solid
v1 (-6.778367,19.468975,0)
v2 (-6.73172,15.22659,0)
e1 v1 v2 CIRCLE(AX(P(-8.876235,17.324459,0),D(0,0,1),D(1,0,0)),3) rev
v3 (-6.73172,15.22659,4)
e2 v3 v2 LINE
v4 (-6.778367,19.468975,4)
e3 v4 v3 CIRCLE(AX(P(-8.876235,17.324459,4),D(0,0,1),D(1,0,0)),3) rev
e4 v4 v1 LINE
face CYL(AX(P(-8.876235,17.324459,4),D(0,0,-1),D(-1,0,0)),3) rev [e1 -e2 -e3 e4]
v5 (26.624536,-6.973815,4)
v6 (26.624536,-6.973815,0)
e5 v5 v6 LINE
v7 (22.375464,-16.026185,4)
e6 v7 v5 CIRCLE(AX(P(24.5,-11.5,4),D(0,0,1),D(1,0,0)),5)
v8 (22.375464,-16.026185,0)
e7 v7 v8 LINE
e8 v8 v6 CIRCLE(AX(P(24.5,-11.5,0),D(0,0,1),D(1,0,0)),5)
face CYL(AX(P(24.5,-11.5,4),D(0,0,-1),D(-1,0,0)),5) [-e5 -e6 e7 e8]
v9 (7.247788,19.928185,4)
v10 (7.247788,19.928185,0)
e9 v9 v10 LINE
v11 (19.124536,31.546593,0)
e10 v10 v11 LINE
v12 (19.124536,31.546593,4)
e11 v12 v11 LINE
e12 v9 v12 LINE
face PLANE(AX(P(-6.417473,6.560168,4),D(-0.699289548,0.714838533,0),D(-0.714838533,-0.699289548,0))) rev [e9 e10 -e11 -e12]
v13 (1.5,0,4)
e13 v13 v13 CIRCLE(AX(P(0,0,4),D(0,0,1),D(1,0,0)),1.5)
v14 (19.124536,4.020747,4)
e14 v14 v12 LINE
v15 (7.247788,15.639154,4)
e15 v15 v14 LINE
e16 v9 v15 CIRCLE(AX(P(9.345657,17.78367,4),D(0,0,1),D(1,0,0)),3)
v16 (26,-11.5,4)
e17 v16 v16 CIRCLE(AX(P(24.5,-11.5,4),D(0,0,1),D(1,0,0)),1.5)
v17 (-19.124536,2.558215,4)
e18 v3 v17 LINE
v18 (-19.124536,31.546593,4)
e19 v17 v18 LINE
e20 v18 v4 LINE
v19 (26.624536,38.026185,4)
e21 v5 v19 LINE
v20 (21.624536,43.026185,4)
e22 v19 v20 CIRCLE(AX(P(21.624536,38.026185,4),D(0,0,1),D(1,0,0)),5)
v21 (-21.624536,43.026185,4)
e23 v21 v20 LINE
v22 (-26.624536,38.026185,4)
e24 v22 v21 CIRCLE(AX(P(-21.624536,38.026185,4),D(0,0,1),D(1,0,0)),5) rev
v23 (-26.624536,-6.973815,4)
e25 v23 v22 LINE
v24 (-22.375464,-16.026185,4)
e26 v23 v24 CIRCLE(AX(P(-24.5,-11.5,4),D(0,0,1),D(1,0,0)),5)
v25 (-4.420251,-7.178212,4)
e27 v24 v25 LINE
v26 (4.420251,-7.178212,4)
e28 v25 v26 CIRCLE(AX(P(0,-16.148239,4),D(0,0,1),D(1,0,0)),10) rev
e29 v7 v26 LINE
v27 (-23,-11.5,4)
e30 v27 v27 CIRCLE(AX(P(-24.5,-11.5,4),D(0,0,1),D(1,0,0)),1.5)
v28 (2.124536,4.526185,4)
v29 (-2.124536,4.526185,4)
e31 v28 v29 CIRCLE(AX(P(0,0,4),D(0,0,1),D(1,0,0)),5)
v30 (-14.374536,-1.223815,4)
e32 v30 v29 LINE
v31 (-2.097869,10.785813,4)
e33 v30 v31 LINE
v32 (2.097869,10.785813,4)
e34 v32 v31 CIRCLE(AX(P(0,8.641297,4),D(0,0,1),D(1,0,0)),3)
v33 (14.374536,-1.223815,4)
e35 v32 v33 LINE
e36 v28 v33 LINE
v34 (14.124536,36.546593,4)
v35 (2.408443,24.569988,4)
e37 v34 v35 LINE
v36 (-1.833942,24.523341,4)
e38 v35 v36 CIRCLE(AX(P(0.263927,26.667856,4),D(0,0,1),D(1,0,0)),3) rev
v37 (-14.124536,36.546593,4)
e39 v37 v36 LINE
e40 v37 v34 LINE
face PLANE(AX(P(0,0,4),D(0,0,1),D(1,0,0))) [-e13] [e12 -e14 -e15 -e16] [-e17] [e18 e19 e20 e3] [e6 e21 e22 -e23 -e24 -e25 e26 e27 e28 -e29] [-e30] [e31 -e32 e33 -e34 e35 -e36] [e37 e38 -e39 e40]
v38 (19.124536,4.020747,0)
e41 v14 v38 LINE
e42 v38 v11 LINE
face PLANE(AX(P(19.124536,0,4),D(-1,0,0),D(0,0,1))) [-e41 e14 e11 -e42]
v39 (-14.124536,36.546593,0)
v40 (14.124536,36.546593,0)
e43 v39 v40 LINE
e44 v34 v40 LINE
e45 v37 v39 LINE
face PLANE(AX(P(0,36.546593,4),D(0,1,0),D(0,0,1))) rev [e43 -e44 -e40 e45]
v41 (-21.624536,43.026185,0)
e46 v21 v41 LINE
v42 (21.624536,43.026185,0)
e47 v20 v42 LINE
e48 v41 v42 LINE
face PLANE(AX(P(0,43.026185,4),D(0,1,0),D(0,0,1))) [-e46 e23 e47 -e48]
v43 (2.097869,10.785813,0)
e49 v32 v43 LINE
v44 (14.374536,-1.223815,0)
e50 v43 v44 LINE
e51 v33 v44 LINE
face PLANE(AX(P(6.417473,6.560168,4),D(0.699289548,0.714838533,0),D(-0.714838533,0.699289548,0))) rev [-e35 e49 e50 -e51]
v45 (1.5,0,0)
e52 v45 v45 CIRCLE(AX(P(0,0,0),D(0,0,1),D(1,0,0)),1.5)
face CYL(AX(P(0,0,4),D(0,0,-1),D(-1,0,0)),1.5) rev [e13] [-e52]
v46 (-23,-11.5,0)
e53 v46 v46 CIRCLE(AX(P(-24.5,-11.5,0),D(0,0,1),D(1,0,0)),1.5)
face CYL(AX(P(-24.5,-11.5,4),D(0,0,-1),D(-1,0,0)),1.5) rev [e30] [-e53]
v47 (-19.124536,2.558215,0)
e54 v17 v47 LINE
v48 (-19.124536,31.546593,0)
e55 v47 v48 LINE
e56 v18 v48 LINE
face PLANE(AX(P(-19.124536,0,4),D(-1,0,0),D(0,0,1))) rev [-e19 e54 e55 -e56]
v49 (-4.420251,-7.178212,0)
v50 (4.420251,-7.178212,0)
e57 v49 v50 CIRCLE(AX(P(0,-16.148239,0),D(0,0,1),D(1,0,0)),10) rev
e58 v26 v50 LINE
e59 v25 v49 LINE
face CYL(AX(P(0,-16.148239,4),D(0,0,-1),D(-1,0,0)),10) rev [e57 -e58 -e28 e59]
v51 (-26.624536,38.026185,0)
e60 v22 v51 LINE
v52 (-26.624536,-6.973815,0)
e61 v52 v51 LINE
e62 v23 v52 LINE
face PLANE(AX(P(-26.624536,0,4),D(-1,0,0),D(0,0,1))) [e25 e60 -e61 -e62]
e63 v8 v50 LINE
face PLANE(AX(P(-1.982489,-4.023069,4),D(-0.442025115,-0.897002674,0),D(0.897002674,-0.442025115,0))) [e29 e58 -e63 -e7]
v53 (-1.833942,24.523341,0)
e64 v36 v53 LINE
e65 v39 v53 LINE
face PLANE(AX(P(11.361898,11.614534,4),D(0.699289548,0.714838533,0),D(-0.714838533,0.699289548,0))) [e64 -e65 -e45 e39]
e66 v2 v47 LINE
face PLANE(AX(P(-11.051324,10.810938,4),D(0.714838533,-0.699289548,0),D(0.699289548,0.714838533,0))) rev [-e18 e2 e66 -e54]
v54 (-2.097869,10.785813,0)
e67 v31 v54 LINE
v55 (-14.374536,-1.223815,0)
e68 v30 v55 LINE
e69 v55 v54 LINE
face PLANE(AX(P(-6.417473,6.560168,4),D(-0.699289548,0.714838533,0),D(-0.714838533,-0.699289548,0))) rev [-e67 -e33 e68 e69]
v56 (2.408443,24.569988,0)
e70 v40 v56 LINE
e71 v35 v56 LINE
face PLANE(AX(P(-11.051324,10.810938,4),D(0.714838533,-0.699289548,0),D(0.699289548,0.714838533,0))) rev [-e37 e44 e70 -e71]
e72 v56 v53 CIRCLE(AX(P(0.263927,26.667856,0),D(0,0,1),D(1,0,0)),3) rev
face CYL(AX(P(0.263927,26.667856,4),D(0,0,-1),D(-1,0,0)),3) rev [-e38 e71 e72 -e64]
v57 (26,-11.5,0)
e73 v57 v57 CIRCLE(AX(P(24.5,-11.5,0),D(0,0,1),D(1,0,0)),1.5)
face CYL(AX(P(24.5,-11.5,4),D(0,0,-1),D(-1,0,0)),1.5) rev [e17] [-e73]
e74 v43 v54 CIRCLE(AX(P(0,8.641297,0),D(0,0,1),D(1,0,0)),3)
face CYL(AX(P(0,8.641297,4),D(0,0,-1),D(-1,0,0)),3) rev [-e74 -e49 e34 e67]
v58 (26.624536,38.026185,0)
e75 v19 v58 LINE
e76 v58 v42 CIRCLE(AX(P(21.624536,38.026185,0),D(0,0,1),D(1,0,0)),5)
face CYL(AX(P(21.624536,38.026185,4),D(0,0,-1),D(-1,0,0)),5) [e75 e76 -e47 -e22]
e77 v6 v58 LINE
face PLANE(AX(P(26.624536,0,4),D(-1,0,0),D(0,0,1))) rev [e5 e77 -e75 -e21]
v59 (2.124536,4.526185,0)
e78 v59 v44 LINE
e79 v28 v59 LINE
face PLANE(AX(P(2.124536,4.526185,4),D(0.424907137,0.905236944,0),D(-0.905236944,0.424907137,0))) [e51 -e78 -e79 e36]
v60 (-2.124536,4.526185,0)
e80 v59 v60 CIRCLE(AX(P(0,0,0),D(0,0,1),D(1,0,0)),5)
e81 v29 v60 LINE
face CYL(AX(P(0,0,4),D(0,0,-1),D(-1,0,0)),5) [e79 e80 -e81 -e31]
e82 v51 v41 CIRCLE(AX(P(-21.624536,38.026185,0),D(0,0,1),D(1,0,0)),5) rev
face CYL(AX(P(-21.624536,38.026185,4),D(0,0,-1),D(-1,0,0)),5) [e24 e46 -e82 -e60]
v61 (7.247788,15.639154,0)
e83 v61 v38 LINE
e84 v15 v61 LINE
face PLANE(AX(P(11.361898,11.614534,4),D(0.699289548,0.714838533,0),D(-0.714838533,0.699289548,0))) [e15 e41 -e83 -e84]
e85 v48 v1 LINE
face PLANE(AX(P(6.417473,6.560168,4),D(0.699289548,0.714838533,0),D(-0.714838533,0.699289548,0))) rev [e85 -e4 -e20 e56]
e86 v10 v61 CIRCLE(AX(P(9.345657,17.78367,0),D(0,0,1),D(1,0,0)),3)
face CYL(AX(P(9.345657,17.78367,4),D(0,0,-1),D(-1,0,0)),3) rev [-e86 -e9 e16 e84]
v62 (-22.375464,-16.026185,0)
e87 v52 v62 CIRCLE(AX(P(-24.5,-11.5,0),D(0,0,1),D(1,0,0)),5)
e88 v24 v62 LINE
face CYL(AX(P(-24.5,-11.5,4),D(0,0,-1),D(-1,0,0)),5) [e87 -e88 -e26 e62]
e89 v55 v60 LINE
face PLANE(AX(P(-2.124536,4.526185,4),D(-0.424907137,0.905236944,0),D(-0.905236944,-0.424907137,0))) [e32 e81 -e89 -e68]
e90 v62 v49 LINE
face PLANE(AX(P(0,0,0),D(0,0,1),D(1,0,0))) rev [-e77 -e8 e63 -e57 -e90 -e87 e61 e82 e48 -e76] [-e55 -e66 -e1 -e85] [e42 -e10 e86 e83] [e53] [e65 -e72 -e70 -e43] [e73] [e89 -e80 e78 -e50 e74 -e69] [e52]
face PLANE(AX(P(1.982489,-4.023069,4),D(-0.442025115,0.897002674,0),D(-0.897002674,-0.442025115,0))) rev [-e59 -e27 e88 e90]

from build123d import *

# Parameters (mm, degrees)
SKETCH1_R           = 1.5
BOSS_EXTRUDE1_DEPTH = 4


with BuildPart() as part:
    # Sketch1 → Boss-Extrude1 (new body)
    with BuildSketch(Plane.XY):
        with BuildLine():
            ThreePointArc((-26.624535685, -6.97381528), (-29.02618472, -13.624535685), (-22.375464315, -16.02618472))
            Line((-22.375464315, -16.02618472), (-22.205082013, -15.942223704))
            Line((-22.205082013, -15.942223704), (-4.420251148, -7.178212035))
            ThreePointArc((-4.420251148, -7.178212035), (0, -6.148238779), (4.420251148, -7.178212035))
            Line((4.420251148, -7.178212035), (22.205082013, -15.942223704))
            Line((22.205082013, -15.942223704), (22.375464315, -16.02618472))
            ThreePointArc((22.375464315, -16.02618472), (29.02618472, -13.624535685), (26.624535685, -6.97381528))
            Line((26.624535685, -6.97381528), (26.624535685, 38.02618472))
            ThreePointArc((26.624535685, 38.02618472), (25.160069591, 41.561718626), (21.624535685, 43.02618472))
            Line((21.624535685, 43.02618472), (-21.624535685, 43.02618472))
            ThreePointArc((-21.624535685, 43.02618472), (-25.160069591, 41.561718626), (-26.624535685, 38.02618472))
            Line((-26.624535685, 38.02618472), (-26.624535685, -6.97381528))
        make_face()
        with Locations((-24.5, -11.5)):
            Circle(SKETCH1_R, mode=Mode.SUBTRACT)
        with Locations((24.5, -11.5)):
            Circle(SKETCH1_R, mode=Mode.SUBTRACT)
        Circle(SKETCH1_R, mode=Mode.SUBTRACT)
        with BuildLine():
            Line((14.374535685, -1.22381528), (2.124535685, 4.52618472))
            ThreePointArc((2.124535685, 4.52618472), (0, 5), (-2.124535685, 4.52618472))
            Line((-2.124535685, 4.52618472), (-14.374535685, -1.22381528))
            Line((-14.374535685, -1.22381528), (-2.097868645, 10.785812849))
            ThreePointArc((-2.097868645, 10.785812849), (0, 11.641297251), (2.097868645, 10.785812849))
            Line((2.097868645, 10.785812849), (14.374535685, -1.22381528))
        make_face(mode=Mode.SUBTRACT)
        with BuildLine():
            Line((-6.73171968, 15.226590291), (-19.124535685, 2.558215038))
            Line((-19.124535685, 2.558215038), (-19.124535685, 31.546592884))
            Line((-19.124535685, 31.546592884), (-6.778366633, 19.468974534))
            ThreePointArc((-6.778366633, 19.468974534), (-5.876416612, 17.357443313), (-6.73171968, 15.226590291))
        make_face(mode=Mode.SUBTRACT)
        with BuildLine():
            Line((19.124535685, 31.546592884), (19.124535685, 4.020746784))
            Line((19.124535685, 4.020746784), (7.24778827, 15.639154236))
            ThreePointArc((7.24778827, 15.639154236), (6.345656915, 17.783669834), (7.24778827, 19.928185432))
            Line((7.24778827, 19.928185432), (19.124535685, 31.546592884))
        make_face(mode=Mode.SUBTRACT)
        with BuildLine():
            Line((-1.833941699, 24.523340745), (-14.124535685, 36.546592884))
            Line((-14.124535685, 36.546592884), (14.124535685, 36.546592884))
            Line((14.124535685, 36.546592884), (2.408442543, 24.569987698))
            ThreePointArc((2.408442543, 24.569987698), (0.296911322, 23.668037677), (-1.833941699, 24.523340745))
        make_face(mode=Mode.SUBTRACT)
    extrude(amount=BOSS_EXTRUDE1_DEPTH)


solid = part.part
